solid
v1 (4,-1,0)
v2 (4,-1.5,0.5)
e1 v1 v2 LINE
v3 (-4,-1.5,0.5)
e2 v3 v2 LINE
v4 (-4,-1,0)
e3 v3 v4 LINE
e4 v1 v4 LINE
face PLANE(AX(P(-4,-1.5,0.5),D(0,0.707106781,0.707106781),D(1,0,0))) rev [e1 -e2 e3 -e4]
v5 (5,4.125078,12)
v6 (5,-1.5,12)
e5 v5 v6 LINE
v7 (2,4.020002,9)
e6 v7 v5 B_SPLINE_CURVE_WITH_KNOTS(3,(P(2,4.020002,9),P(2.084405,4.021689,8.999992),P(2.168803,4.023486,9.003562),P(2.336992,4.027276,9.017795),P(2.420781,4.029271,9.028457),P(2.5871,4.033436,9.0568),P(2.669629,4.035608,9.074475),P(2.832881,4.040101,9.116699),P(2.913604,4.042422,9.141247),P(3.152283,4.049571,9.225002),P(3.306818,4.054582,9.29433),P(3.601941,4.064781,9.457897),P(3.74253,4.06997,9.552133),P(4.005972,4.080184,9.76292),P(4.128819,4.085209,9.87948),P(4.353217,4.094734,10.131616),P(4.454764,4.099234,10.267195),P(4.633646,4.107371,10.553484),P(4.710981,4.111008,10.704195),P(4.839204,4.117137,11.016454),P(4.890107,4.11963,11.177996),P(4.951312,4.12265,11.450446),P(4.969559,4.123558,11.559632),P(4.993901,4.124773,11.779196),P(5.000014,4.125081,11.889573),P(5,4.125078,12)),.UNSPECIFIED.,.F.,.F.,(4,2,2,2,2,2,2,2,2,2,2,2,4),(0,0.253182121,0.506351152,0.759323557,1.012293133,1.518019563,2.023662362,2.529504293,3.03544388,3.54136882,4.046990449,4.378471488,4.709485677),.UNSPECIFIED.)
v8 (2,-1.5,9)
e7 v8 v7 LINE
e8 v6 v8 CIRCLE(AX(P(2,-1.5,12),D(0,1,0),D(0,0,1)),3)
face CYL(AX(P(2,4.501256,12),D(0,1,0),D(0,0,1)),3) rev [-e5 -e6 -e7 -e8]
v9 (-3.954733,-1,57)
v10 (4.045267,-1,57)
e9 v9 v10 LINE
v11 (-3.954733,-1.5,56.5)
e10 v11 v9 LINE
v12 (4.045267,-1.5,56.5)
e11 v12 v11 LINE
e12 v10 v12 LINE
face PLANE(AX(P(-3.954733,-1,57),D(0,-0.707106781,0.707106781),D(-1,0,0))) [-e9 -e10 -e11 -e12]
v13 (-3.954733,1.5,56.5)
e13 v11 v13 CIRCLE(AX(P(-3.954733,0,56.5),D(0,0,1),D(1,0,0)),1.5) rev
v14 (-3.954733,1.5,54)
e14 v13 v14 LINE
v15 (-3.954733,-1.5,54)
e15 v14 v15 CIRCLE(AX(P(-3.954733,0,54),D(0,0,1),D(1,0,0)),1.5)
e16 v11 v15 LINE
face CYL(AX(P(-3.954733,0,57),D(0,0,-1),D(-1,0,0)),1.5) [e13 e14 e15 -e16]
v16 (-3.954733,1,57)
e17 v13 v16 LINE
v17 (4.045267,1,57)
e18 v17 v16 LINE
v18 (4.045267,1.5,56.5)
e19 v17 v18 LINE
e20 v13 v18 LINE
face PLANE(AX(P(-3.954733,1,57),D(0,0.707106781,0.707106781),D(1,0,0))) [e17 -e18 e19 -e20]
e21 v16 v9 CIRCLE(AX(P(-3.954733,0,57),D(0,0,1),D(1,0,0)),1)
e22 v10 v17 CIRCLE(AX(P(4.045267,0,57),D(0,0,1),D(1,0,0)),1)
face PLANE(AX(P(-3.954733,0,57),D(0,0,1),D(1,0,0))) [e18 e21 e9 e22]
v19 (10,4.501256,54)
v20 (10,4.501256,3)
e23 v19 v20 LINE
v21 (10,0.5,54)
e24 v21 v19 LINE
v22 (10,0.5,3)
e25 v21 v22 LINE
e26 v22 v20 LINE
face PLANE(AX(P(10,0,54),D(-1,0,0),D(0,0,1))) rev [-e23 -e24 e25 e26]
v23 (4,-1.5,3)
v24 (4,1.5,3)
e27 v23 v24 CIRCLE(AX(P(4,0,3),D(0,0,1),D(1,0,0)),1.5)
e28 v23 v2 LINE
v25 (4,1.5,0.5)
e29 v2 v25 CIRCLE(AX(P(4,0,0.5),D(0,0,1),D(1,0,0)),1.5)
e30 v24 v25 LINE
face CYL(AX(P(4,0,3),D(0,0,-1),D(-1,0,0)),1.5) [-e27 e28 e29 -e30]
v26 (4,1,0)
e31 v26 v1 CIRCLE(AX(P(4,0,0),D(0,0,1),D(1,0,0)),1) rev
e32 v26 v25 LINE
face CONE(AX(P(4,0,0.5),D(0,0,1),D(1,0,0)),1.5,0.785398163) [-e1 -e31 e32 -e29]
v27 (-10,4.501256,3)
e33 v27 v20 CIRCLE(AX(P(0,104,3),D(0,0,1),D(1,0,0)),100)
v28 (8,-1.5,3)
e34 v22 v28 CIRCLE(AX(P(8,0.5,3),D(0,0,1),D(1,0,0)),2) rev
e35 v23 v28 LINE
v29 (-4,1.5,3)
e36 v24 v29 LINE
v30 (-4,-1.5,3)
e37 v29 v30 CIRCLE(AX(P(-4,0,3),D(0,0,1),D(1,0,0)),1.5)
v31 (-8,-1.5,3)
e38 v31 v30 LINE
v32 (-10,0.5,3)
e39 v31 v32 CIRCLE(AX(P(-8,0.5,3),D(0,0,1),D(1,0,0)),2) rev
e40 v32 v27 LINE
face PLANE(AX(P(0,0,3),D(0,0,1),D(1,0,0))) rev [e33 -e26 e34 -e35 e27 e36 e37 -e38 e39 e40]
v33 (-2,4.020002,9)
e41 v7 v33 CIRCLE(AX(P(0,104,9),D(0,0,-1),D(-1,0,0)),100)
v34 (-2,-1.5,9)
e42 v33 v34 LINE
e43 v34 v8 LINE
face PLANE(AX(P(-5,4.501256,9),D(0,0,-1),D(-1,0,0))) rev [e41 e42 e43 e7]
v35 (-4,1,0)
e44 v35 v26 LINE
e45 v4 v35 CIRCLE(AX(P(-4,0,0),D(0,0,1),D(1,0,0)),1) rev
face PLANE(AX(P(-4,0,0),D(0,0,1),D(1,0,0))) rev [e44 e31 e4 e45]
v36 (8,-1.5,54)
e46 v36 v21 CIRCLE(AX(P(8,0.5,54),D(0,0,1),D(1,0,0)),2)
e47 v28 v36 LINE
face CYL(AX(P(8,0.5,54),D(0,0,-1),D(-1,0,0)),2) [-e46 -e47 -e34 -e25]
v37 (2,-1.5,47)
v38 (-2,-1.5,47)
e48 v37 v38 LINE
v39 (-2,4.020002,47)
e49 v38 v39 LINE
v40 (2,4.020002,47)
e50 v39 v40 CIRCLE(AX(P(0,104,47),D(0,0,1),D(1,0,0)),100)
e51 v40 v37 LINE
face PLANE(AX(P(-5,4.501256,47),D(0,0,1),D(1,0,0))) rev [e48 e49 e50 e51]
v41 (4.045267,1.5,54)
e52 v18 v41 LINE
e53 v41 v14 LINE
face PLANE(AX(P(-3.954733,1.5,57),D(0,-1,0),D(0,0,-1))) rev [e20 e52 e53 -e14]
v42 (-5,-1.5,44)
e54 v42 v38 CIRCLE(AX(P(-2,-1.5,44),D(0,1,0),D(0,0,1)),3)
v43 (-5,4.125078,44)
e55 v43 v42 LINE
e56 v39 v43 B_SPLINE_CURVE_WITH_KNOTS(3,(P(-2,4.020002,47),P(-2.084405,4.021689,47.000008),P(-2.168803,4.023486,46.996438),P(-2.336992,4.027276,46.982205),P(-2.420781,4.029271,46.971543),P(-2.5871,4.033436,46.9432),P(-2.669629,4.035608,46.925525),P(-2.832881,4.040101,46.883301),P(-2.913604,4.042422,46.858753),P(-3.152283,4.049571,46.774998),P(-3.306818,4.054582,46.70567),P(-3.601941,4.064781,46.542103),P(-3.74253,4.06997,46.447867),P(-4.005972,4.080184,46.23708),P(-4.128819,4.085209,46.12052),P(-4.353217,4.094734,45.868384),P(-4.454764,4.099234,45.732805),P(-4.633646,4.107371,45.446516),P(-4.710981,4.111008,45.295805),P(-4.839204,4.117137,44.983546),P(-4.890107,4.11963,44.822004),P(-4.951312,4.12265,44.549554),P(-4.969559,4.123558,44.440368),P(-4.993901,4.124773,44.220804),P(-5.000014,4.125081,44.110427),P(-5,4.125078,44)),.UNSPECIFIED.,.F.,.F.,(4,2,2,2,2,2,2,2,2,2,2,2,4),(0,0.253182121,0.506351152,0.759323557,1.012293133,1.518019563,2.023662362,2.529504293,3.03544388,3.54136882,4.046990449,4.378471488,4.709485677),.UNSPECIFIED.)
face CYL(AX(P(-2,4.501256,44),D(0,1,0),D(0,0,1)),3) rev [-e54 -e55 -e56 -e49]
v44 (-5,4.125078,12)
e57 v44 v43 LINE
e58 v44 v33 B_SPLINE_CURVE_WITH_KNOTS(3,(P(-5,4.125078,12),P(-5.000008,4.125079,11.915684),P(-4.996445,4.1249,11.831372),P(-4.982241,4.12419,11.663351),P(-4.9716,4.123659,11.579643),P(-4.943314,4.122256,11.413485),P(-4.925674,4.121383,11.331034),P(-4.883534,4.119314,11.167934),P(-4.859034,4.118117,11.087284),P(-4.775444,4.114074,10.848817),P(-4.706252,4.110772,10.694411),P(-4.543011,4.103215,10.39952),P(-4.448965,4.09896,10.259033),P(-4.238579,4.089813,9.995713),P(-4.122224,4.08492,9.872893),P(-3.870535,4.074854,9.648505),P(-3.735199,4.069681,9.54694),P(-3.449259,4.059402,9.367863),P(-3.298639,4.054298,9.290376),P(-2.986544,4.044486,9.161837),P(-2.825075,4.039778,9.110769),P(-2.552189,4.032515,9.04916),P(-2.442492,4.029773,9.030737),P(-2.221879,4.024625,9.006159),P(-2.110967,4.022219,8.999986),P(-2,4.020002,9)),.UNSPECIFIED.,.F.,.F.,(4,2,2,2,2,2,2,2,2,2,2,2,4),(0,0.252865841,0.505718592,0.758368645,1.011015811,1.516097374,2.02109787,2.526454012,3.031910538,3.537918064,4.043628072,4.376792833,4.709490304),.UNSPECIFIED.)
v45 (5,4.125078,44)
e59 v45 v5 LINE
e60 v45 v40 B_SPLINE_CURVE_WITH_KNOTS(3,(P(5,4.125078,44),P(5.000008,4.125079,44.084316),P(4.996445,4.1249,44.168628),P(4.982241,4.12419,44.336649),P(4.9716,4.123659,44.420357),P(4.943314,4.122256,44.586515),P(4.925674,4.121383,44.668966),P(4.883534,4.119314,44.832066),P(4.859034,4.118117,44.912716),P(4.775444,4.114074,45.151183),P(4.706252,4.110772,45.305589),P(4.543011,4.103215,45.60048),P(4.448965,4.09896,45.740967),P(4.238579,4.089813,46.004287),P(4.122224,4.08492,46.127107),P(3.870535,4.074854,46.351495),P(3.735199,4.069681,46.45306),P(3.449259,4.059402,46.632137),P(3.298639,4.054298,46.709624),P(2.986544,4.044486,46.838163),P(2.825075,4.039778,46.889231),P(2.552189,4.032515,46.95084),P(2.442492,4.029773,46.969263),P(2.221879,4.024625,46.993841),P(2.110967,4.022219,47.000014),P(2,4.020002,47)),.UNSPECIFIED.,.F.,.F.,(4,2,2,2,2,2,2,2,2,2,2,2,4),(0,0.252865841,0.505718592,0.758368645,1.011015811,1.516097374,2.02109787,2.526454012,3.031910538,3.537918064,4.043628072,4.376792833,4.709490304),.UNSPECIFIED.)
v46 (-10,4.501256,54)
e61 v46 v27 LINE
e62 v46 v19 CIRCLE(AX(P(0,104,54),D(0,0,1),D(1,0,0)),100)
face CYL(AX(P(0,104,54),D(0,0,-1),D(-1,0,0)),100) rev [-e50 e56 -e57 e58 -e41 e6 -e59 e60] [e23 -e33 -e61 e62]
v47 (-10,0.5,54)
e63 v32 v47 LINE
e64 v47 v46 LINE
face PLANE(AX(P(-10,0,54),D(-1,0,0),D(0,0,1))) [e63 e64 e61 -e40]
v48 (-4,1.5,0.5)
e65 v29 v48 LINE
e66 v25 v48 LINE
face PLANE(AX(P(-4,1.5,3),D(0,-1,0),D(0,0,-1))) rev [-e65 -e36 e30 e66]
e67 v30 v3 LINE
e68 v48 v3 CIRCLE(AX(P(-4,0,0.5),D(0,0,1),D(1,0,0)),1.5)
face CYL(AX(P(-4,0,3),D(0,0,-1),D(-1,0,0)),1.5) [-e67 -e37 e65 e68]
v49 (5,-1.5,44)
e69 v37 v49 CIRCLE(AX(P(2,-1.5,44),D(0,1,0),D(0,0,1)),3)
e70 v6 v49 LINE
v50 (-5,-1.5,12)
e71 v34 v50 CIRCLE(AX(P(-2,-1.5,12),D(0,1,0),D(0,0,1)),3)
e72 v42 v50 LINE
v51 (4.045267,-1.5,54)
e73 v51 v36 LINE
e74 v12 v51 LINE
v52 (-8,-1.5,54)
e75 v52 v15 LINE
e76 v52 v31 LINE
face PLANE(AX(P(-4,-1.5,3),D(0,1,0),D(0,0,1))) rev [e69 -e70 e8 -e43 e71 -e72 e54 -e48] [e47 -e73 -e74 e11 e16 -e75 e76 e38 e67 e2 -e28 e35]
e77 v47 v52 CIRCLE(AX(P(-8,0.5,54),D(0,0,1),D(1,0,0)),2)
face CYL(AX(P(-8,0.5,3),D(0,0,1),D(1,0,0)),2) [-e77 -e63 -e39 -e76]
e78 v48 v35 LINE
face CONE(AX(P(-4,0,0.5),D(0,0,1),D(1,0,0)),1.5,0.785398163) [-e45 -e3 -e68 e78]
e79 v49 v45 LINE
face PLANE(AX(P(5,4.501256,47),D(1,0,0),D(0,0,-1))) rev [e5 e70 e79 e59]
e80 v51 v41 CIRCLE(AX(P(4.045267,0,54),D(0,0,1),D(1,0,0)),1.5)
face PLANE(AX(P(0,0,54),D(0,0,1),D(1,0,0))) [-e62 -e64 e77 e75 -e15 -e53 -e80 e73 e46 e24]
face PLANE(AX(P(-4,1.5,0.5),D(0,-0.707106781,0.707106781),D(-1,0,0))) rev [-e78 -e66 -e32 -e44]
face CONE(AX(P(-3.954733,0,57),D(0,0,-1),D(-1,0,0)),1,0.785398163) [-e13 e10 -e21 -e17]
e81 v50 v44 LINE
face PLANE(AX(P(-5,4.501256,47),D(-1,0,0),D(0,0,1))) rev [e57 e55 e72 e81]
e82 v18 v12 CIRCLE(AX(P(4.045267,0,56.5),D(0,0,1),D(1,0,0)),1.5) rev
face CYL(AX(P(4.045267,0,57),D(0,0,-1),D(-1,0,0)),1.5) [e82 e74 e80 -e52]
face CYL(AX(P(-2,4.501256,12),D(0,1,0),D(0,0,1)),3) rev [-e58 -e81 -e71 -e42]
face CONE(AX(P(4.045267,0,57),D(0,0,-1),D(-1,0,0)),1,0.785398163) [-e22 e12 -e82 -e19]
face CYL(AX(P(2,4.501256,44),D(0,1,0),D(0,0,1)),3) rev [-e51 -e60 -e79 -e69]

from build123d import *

# Parameters (mm, degrees)
EXTRUDE_1_DEPTH     = 3
EXTRUDE_2_DEPTH     = 51
EXTRUDE_3_DEPTH     = 3
FILLET_1_R          = 2
CHAMFER_1_SIZE      = 0.5
SKETCH_4_W          = 10
SKETCH_4_H          = 38
CUT_EXTRUDE_1_DEPTH = 59.180882402
FILLET_2_R          = 3


with BuildPart() as part:
    # 草图1 → 凸台-拉伸1 (new body)
    with BuildSketch(Plane.XY):
        with BuildLine():
            Line((-4, 1.5), (4, 1.5))
            ThreePointArc((4, 1.5), (5.5, 0), (4, -1.5))
            Line((4, -1.5), (-4, -1.5))
            ThreePointArc((-4, -1.5), (-5.5, 0), (-4, 1.5))
        make_face()
    extrude(amount=EXTRUDE_1_DEPTH)

    # 草图2 → 凸台-拉伸2 (add)
    with BuildSketch(Plane.XY.offset(3)):
        with BuildLine():
            Line((-10, 4.501256289), (-10, -1.5))
            Line((-10, -1.5), (-4, -1.5))
            ThreePointArc((-4, -1.5), (-5.5, 0), (-4, 1.5))
            Line((-4, 1.5), (4, 1.5))
            ThreePointArc((4, 1.5), (5.5, 0), (4, -1.5))
            Line((4, -1.5), (10, -1.5))
            Line((10, -1.5), (10, 4.501256289))
            ThreePointArc((10, 4.501256289), (0, 4), (-10, 4.501256289))
        make_face()
        with BuildLine():
            Line((4, 1.5), (-4, 1.5))
            ThreePointArc((-4, 1.5), (-5.5, 0), (-4, -1.5))
            Line((-4, -1.5), (4, -1.5))
            ThreePointArc((4, -1.5), (5.5, 0), (4, 1.5))
        make_face()
    extrude(amount=EXTRUDE_2_DEPTH)

    # 草图3 → 凸台-拉伸3 (add)
    with BuildSketch(Plane.XY.offset(54)):
        with BuildLine():
            Line((-3.954732622, 1.5), (4.045267378, 1.5))
            ThreePointArc((4.045267378, 1.5), (5.545267378, 0), (4.045267378, -1.5))
            Line((4.045267378, -1.5), (-3.954732622, -1.5))
            ThreePointArc((-3.954732622, -1.5), (-5.454732622, 0), (-3.954732622, 1.5))
        make_face()
    extrude(amount=EXTRUDE_3_DEPTH)

    # 圆角1
    fillet_1_edges = [part.edges().sort_by_distance(p)[0] for p in [
        (-10, -1.5, 28.5),
        (10, -1.5, 28.5),
    ]]
    fillet(fillet_1_edges, radius=FILLET_1_R)

    # 倒角1
    chamfer_1_edges = [part.edges().sort_by_distance(p)[0] for p in [
        (-5.454732622, 0, 57),
        (0.045267378, -1.5, 57),
        (5.545267378, 0, 57),
        (0.045267378, 1.5, 57),
        (0, 1.5, 0),
        (5.5, 0, 0),
        (0, -1.5, 0),
        (-5.5, 0, 0),
    ]]
    chamfer(chamfer_1_edges, length=CHAMFER_1_SIZE)

    # 草图4 → 切除-拉伸1 (cut, through all)
    with BuildSketch(Plane.XZ.offset(1.5)):
        with Locations((0, 28)):
            Rectangle(SKETCH_4_W, SKETCH_4_H)
    extrude(amount=-CUT_EXTRUDE_1_DEPTH, mode=Mode.SUBTRACT)

    # 圆角2
    fillet_2_edges = [part.edges().sort_by_distance(p)[0] for p in [
        (5, 1.312539111, 47),
        (5, 1.312539111, 9),
        (-5, 1.312539111, 9),
        (-5, 1.312539111, 47),
    ]]
    fillet(fillet_2_edges, radius=FILLET_2_R)


solid = part.part
